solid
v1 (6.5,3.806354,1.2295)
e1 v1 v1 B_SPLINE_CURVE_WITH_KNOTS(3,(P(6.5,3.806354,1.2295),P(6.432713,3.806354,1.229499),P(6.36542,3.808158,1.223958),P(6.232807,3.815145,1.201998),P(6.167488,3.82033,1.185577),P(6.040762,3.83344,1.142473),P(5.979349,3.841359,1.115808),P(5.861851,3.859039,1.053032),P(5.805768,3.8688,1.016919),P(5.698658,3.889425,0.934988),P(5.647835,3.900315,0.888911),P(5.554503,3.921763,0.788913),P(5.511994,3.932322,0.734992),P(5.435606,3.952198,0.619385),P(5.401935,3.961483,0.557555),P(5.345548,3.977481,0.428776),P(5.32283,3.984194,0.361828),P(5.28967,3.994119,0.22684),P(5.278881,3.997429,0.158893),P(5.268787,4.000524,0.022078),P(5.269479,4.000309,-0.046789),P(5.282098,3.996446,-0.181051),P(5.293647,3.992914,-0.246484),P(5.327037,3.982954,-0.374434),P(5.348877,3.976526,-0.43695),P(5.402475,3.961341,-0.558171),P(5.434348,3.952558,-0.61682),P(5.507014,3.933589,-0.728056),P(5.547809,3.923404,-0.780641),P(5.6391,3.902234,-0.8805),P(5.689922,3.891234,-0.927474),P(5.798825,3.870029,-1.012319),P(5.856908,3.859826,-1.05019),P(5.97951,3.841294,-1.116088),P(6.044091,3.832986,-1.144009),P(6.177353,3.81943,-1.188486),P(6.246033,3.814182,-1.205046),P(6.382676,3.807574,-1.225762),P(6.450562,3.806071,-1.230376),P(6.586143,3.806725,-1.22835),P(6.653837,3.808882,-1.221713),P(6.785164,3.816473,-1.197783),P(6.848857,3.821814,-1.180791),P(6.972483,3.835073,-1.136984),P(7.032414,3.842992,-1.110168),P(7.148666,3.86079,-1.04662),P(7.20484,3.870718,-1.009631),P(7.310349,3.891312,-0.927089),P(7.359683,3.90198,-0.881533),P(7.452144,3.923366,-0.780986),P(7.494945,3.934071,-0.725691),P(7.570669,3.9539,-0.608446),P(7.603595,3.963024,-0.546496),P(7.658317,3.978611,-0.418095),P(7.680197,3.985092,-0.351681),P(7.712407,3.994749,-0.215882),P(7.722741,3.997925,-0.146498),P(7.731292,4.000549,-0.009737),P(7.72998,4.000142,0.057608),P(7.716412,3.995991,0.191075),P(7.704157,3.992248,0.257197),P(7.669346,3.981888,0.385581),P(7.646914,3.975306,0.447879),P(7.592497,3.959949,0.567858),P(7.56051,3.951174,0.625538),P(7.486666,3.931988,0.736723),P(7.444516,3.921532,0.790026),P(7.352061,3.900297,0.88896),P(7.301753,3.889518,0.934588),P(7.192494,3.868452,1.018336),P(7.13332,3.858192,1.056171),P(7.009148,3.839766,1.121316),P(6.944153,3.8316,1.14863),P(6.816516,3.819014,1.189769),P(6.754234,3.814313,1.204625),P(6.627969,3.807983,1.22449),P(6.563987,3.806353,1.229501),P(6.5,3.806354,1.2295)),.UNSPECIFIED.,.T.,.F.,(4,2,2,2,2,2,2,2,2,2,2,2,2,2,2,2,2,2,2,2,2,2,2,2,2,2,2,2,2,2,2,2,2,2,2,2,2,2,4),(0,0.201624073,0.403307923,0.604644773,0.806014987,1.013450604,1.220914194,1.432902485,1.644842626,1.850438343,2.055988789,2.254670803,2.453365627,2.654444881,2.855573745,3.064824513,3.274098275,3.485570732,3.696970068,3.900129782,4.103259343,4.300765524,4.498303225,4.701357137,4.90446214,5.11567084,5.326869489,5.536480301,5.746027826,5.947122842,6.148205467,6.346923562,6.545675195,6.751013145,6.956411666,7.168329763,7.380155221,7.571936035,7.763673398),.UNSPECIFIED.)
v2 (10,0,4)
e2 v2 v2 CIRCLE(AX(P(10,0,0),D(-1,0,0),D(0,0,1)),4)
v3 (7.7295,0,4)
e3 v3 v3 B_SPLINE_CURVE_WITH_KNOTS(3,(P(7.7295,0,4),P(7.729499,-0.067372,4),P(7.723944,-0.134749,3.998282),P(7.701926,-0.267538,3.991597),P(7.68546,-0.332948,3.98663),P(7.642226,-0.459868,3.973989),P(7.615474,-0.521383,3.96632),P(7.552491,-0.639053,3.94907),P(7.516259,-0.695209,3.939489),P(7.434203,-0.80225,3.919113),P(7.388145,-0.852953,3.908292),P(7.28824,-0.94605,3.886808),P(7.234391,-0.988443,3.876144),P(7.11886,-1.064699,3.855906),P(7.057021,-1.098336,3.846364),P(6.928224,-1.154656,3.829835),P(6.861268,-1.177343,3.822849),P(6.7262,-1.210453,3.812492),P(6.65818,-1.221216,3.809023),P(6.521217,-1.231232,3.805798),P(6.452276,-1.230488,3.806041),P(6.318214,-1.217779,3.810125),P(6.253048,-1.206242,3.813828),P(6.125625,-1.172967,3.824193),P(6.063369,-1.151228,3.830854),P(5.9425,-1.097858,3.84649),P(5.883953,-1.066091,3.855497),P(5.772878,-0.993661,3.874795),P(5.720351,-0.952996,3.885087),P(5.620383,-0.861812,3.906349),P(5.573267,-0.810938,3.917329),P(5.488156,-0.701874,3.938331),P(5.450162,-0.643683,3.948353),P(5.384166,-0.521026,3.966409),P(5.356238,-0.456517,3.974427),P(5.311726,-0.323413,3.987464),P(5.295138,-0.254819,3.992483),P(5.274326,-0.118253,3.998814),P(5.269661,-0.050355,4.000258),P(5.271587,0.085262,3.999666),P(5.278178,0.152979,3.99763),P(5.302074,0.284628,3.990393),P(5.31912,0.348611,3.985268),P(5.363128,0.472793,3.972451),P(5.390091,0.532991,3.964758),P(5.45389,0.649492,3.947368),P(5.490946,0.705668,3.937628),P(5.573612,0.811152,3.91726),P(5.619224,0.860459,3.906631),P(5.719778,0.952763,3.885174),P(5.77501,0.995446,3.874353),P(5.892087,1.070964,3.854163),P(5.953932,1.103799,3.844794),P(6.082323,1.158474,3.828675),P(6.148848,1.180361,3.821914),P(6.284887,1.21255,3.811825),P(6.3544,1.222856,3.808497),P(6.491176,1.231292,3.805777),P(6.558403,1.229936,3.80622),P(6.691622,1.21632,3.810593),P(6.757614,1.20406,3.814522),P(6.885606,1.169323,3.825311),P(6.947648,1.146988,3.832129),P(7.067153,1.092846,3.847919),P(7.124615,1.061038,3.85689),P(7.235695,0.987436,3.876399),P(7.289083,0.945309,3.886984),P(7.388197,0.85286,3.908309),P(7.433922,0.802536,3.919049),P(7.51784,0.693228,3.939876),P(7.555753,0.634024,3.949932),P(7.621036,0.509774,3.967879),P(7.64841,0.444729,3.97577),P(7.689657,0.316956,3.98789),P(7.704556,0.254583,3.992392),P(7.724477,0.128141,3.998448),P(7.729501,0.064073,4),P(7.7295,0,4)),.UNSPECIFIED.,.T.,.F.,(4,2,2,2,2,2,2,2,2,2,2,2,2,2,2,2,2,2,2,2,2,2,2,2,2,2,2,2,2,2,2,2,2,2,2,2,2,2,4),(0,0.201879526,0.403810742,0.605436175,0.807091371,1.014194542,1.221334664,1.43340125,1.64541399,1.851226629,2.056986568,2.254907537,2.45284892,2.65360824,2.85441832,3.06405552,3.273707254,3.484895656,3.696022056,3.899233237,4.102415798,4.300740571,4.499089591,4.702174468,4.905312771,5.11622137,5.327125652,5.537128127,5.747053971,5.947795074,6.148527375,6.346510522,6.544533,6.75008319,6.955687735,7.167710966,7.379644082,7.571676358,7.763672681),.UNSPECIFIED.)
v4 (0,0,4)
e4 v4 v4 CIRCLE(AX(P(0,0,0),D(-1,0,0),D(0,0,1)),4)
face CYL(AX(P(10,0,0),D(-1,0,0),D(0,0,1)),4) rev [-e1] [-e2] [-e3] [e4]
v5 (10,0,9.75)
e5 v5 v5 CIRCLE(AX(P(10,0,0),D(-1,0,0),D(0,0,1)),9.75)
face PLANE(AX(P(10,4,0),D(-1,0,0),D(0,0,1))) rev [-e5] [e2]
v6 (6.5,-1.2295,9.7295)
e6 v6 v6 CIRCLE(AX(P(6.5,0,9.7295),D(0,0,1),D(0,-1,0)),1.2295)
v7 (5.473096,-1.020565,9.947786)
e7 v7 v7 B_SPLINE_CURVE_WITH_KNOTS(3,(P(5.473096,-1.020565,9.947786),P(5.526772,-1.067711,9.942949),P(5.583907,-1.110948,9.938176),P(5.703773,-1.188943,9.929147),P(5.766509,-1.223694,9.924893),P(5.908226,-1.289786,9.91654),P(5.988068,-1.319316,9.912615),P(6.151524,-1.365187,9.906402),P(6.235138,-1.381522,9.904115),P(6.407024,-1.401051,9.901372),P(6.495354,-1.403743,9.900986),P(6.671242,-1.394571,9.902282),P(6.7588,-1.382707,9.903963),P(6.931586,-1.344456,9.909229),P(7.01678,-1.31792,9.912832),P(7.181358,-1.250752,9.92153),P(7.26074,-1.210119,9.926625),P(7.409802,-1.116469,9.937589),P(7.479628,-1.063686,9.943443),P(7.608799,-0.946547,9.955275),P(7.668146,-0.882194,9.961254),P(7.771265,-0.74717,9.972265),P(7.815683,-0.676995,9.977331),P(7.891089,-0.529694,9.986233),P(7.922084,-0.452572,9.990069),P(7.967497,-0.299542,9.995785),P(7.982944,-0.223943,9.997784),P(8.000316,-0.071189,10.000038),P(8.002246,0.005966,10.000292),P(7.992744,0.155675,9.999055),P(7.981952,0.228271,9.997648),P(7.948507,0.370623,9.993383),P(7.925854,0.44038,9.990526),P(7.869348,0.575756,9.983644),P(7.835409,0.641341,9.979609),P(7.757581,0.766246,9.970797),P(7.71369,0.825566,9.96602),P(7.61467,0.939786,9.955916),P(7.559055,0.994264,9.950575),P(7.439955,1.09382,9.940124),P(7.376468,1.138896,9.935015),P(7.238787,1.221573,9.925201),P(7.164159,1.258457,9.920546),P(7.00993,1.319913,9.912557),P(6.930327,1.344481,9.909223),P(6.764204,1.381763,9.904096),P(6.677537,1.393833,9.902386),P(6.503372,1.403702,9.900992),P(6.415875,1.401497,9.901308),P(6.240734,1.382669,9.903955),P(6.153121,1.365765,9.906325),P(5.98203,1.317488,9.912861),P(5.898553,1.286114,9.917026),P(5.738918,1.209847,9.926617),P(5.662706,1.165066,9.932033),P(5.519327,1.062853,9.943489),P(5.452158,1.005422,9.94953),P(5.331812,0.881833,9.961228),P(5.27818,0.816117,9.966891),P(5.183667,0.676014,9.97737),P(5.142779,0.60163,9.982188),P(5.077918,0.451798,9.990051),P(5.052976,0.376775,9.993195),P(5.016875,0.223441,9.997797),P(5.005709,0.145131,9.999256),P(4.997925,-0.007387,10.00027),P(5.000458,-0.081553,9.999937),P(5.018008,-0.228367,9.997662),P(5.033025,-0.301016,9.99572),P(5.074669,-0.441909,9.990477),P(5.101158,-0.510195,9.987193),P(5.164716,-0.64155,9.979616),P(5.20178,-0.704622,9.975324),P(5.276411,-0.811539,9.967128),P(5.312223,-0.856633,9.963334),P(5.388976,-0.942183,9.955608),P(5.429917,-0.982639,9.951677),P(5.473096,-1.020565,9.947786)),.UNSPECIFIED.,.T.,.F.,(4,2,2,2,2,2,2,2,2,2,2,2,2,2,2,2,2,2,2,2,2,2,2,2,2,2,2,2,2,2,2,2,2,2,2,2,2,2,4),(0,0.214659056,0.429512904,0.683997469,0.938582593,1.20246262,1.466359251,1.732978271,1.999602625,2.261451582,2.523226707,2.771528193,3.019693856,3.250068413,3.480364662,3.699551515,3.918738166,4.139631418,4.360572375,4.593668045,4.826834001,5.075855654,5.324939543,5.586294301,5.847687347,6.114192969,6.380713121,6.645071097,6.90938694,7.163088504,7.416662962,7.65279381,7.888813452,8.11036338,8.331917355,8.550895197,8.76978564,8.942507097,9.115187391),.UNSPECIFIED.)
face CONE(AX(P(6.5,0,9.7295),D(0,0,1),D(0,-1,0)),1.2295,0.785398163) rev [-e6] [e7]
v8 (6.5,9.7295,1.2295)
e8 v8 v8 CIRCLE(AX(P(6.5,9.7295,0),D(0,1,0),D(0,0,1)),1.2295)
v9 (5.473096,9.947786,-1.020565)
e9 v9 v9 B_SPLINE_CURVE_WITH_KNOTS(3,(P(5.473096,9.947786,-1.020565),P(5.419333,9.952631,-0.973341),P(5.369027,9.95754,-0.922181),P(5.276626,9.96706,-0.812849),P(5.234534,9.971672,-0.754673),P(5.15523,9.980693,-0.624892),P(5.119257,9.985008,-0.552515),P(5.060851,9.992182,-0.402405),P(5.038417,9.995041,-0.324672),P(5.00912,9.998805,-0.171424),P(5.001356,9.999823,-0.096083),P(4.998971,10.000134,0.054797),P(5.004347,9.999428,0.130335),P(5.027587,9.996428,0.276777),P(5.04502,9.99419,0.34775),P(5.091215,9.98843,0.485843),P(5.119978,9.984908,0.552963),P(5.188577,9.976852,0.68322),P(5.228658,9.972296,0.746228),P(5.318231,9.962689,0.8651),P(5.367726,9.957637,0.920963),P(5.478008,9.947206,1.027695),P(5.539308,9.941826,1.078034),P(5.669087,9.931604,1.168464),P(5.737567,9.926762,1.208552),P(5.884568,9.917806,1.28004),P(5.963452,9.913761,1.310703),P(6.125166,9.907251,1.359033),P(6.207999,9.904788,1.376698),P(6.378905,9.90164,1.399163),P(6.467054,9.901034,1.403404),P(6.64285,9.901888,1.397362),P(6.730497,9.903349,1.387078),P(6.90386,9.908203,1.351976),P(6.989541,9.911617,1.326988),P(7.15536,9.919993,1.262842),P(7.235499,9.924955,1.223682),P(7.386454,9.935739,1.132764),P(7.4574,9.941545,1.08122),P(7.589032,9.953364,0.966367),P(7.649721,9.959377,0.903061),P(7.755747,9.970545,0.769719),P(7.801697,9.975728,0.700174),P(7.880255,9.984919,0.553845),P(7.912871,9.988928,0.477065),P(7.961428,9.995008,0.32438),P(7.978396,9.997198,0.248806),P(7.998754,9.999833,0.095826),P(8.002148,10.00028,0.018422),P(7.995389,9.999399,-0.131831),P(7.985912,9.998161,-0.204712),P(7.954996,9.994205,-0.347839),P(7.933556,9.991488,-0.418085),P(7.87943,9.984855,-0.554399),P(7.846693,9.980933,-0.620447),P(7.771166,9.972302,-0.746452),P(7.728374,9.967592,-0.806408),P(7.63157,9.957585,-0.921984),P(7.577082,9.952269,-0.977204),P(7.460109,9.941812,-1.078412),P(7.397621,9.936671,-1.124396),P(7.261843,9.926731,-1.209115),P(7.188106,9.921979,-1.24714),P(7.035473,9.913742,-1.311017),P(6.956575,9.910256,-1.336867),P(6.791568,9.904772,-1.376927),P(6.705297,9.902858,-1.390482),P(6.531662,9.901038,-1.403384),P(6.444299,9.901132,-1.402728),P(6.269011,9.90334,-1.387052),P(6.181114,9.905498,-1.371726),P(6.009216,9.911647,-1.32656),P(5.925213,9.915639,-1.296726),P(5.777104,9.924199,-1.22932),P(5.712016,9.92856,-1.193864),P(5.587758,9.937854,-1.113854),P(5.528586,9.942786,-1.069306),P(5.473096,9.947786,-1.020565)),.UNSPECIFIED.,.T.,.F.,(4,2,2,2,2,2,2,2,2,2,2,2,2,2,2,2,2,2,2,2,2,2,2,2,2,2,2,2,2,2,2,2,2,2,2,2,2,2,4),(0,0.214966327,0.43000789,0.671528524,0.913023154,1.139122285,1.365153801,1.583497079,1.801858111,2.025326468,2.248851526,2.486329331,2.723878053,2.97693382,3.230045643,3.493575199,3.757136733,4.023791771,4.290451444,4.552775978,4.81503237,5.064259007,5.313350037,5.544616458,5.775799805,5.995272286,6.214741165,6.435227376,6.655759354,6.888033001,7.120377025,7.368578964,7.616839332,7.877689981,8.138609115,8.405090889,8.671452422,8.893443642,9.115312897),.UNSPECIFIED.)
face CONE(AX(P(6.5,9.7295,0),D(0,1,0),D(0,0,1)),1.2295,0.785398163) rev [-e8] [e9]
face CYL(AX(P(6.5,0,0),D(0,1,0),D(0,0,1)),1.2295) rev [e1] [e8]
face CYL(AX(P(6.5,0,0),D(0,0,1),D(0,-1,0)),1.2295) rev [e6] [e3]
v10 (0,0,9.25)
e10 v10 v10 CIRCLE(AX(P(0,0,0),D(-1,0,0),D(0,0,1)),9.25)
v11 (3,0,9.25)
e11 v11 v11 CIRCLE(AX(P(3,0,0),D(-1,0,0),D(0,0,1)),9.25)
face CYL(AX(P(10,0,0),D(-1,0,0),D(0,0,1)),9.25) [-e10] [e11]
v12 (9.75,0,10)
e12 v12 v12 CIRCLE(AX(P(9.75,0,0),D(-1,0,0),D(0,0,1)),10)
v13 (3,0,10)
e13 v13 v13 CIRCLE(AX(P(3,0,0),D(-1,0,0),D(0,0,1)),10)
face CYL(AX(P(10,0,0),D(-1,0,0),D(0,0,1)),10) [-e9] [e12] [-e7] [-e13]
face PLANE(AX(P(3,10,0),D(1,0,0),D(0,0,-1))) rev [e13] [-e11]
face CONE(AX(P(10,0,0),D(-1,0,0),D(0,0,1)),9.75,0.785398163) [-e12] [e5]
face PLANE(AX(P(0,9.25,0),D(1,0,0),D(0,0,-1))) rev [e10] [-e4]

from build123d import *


with BuildPart() as part:
    # Sketch1 → Revolve1 (revolve)
    with BuildSketch(Plane.XY, mode=Mode.PRIVATE) as revolve1_sk:
        Polygon((0, 4), (10, 4), (10, 9.75), (9.75, 10), (3, 10), (3, 9.25), (0, 9.25), align=None)
    revolve(revolve1_sk.sketch.rotate(Axis((10, 0, 0), (-1, 0, 0)), 270), axis=Axis((10, 0, 0), (-1, 0, 0)))

    # Sketch2 → Cut-Revolve1 (revolve, cut)
    with BuildSketch(Plane(origin=(6.5, 0, 0), x_dir=(0, 0, -1), z_dir=(1, 0, 0)), mode=Mode.PRIVATE) as cut_revolve1_sk:
        Polygon((0, 10), (1.5, 10), (1.2295, 9.7295), (1.2295, 0), (0, 0), align=None)
    revolve(cut_revolve1_sk.sketch.rotate(Axis((6.5, 0, 0), (0, 1, 0)), 180), axis=Axis((6.5, 0, 0), (0, 1, 0)), mode=Mode.SUBTRACT)

    # Sketch3 → Cut-Revolve2 (revolve, cut)
    with BuildSketch(Plane(origin=(6.5, 0, 0), x_dir=(0, 0, -1), z_dir=(1, 0, 0)), mode=Mode.PRIVATE) as cut_revolve2_sk:
        Polygon((-10, 0), (-10, 1.5), (-9.7295, 1.2295), (0, 1.2295), (0, 0), align=None)
    revolve(cut_revolve2_sk.sketch.rotate(Axis((6.5, 0, 0), (0, 0, 1)), 180), axis=Axis((6.5, 0, 0), (0, 0, 1)), mode=Mode.SUBTRACT)


solid = part.part
